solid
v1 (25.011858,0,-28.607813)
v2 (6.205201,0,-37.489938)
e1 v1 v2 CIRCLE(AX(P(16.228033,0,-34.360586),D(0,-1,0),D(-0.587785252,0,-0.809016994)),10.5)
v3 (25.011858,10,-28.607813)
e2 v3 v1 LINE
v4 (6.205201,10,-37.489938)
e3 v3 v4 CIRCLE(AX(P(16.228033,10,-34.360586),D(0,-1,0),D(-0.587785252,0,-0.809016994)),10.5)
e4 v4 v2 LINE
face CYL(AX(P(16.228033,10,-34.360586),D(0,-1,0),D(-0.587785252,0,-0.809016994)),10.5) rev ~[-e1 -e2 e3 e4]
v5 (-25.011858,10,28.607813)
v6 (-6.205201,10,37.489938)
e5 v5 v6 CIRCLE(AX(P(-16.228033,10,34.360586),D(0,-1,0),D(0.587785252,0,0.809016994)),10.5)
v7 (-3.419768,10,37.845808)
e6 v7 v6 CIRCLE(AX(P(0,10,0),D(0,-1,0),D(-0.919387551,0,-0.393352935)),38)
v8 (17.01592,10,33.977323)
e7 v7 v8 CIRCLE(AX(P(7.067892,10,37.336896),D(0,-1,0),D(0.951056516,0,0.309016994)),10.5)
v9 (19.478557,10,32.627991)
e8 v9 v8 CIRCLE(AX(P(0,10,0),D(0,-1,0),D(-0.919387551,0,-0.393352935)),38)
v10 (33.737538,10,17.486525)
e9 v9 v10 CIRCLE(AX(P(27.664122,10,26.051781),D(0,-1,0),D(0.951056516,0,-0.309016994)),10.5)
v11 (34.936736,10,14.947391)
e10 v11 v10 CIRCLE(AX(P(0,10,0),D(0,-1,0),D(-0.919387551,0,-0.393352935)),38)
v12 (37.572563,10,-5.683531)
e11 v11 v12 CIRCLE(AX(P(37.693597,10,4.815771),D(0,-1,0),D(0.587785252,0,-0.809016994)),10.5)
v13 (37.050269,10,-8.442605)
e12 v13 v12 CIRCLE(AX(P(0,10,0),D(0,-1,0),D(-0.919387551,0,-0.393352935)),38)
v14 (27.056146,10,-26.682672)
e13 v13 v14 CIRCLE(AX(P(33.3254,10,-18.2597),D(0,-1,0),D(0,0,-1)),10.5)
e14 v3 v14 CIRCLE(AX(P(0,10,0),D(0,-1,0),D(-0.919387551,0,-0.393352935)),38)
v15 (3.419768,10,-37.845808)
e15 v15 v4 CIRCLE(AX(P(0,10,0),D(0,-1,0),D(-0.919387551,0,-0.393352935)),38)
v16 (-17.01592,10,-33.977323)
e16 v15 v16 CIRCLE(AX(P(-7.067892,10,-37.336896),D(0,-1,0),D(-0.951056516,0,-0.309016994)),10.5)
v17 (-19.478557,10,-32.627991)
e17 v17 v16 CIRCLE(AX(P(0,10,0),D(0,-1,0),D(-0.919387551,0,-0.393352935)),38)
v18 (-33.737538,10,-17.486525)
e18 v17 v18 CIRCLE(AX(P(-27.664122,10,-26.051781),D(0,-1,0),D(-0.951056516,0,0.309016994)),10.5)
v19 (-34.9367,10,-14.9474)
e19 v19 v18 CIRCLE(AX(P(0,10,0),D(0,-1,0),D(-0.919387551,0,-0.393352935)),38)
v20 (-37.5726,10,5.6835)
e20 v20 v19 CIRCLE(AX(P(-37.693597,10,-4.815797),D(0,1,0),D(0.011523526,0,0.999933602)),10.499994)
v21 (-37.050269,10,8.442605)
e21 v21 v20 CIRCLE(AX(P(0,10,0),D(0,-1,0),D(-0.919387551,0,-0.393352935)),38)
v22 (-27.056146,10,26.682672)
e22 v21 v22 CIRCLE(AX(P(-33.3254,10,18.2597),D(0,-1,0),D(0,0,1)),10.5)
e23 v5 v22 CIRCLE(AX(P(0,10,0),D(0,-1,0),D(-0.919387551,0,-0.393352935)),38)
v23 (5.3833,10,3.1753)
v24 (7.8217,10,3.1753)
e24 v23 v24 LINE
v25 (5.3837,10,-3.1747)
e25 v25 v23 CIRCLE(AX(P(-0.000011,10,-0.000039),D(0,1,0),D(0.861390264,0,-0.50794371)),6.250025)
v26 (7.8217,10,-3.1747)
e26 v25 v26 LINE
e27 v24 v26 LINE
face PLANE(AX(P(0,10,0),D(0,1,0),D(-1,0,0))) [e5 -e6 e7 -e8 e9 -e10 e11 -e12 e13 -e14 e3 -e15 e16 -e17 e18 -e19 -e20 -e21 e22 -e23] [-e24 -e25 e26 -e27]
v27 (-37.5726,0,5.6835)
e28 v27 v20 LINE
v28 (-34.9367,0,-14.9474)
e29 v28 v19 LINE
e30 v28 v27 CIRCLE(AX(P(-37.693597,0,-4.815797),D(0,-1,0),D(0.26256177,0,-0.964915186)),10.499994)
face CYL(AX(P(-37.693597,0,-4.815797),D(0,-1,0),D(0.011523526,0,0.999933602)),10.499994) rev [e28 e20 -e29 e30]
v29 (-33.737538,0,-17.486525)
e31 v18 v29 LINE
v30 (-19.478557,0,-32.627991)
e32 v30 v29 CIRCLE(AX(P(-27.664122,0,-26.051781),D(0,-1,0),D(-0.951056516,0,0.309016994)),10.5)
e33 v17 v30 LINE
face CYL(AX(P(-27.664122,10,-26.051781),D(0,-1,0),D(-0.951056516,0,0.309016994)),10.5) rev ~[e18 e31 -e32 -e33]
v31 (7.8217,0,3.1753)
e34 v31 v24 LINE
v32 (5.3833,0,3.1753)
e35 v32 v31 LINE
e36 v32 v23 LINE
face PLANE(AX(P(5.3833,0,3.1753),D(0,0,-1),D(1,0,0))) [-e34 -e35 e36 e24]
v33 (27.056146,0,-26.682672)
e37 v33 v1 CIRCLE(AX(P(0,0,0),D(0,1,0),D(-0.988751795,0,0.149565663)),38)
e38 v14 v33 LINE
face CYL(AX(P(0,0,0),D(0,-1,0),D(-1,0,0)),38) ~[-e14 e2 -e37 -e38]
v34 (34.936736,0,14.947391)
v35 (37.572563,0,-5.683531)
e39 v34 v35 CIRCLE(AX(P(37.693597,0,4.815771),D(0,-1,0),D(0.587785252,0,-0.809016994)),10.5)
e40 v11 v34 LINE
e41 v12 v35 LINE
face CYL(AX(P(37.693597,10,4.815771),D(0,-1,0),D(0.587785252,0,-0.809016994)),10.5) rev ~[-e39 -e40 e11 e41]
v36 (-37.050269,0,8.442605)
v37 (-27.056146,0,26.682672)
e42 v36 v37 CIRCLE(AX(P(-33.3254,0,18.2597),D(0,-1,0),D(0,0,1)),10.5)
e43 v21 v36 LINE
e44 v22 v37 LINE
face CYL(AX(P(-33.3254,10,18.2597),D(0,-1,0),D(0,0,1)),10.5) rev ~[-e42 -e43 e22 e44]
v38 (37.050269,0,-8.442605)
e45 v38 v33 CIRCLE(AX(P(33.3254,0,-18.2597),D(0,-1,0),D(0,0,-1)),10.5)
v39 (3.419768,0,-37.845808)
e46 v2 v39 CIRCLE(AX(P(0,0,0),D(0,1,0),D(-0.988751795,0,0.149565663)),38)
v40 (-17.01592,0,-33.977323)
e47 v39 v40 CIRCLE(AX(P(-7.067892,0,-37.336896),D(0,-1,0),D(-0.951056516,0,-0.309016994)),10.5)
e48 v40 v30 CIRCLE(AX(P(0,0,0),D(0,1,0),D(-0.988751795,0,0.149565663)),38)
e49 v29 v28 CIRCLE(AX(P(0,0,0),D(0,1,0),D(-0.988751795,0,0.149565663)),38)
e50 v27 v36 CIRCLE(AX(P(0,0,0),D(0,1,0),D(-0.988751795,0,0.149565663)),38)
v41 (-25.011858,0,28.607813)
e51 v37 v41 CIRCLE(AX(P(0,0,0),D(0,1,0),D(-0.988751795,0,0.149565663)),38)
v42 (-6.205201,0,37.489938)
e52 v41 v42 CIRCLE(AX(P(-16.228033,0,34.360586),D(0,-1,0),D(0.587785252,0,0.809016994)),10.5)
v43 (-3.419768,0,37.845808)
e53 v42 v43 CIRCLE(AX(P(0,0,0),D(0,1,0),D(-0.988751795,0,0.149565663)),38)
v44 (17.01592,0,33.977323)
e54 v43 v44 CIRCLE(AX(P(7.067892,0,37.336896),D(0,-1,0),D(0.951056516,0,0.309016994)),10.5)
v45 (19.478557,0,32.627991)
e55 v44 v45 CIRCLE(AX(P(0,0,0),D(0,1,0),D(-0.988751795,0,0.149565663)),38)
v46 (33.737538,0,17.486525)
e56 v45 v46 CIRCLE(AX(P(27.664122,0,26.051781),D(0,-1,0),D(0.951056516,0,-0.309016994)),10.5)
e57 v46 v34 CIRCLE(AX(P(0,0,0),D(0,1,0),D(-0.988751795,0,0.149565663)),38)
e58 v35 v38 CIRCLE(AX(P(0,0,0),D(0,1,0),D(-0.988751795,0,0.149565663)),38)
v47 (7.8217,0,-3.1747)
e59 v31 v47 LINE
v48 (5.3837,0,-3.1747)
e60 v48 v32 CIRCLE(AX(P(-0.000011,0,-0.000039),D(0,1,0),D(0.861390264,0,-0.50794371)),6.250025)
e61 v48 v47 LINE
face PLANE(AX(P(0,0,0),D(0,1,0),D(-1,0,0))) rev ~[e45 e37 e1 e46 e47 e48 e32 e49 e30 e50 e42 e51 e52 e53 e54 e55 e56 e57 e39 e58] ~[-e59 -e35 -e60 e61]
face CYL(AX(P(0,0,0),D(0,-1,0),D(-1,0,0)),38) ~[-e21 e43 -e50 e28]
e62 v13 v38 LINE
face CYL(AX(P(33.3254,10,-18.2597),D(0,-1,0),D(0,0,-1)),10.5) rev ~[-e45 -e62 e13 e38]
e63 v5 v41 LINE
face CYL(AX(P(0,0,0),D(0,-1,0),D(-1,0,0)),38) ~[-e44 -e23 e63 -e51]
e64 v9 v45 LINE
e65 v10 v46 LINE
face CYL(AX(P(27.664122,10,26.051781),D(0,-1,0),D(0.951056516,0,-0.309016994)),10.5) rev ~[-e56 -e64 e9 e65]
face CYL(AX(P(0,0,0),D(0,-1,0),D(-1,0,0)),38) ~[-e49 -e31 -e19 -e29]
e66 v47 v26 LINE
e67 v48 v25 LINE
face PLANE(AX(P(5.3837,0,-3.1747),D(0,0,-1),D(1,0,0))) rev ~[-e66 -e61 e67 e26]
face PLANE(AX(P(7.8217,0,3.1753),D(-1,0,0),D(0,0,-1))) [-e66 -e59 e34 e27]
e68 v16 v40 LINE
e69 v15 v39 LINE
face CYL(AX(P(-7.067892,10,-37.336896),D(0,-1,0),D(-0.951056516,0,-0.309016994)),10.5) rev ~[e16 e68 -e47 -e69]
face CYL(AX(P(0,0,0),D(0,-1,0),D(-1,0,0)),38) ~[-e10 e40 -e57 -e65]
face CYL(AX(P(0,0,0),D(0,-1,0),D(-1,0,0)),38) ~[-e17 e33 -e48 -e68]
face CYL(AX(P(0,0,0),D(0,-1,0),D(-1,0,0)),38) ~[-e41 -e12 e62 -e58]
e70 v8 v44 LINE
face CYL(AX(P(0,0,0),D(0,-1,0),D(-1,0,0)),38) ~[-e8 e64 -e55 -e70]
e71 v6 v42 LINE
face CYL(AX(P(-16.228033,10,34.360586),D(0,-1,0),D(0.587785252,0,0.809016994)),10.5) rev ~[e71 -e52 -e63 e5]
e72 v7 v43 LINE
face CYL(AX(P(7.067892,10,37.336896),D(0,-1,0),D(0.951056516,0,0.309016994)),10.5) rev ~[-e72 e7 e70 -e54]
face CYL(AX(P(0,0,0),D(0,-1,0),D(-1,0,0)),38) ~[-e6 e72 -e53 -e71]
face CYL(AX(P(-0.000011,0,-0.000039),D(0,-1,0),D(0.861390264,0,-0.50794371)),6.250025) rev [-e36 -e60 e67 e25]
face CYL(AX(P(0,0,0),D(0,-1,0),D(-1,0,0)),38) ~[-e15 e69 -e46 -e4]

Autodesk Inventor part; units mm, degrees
ref_plane "YZ Plane" through (0, 0, 0) normal (1, 0, 0) x (0, 1, 0)
ref_plane "XZ Plane" through (0, 0, 0) normal (0, 1, 0) x (-1, 0, 0)
ref_plane "XY Plane" through (0, 0, 0) normal (0, 0, 1) x (1, 0, 0)
sketch "Sketch1" plane through (0, 0, 0) normal (0, 1, 0) x (-1, 0, 0)
  arc A0 (-5.3837, -3.1747) -> (-5.3833, 3.1753) centre (0, 0) ccw
  line L0 (-5.3833, 3.1753) -> (-7.8217, 3.1753)
  line L1 (-5.3837, -3.1747) -> (-7.8217, -3.1747)
  line L2 (-7.8217, 3.1753) -> (-7.8217, -3.1747)
  circle A1 centre (0, 0) radius 27.5 construction
  circle A2 centre (0, 0) radius 38
  arc A3 (37.5726, 5.6835) -> (34.9367, -14.9474) centre (37.6936, -4.8158) ccw
  arc A4 (27.0562, 26.6827) -> (37.0503, 8.4426) centre (33.3254, 18.2597) ccw
  arc A5 (6.2052, 37.4899) -> (25.0119, 28.6078) centre (16.228, 34.3606) ccw
  arc A6 (-17.0159, 33.9773) -> (3.4198, 37.8458) centre (-7.0679, 37.3369) ccw
  arc A7 (-33.7375, 17.4865) -> (-19.4786, 32.628) centre (-27.6641, 26.0518) ccw
  arc A8 (-37.5726, -5.6835) -> (-34.9367, 14.9474) centre (-37.6936, 4.8158) ccw
  arc A9 (-27.0562, -26.6827) -> (-37.0503, -8.4426) centre (-33.3254, -18.2597) ccw
  arc A10 (-6.2052, -37.4899) -> (-25.0119, -28.6078) centre (-16.228, -34.3606) ccw
  arc A11 (17.0159, -33.9773) -> (-3.4198, -37.8458) centre (7.0679, -37.3369) ccw
  arc A12 (33.7375, -17.4865) -> (19.4786, -32.628) centre (27.6641, -26.0518) ccw
  dimension "d0" = 12.5
  dimension "d1" = 6.35
  dimension "d2" = 2.4384
  dimension "d3" = 2.438
  dimension "d4" = 55
  dimension "d5" = 76
  dimension "d6" = 10.5
  dimension "d9" = 360
extrude "Extrusion1" add sketch "Sketch1" along normal blind 10 contours A3 A2 A12 A11 A10 A9 A8 A7 A6 A5 A4 | A4 A2 | A2 A12 | A5 A2 | A2 A11 | A6 A2 | A2 A10 | A7 A2 | A2 A9 | A8 A2
sketch "Sketch2" plane through (0, 10, 0) normal (0, 1, 0) x (1, 0, 0)
  arc A0 (-37.5726, -5.6835) -> (-34.9367, 14.9474) centre (-37.6936, 4.8158) ccw projected
  arc A1 (-37.5726, -5.6835) -> (-34.9367, 14.9474) centre (-37.6936, 4.8158) ccw projected
  circle A2 centre (0, 0) radius 38 projected
  arc A3 (-27.0562, -26.6827) -> (-37.0503, -8.4426) centre (-33.3254, -18.2597) ccw projected
hole "Hole1" at (-33.3254, 10, 18.2597) direction (0, -1, 0) diameter 21 end through all
pattern_circular "Circular Pattern1" count 10 over 360 about axis through (0, 10, 0) along (0, -1, 0) of "Hole1"
properties part number "gear"
